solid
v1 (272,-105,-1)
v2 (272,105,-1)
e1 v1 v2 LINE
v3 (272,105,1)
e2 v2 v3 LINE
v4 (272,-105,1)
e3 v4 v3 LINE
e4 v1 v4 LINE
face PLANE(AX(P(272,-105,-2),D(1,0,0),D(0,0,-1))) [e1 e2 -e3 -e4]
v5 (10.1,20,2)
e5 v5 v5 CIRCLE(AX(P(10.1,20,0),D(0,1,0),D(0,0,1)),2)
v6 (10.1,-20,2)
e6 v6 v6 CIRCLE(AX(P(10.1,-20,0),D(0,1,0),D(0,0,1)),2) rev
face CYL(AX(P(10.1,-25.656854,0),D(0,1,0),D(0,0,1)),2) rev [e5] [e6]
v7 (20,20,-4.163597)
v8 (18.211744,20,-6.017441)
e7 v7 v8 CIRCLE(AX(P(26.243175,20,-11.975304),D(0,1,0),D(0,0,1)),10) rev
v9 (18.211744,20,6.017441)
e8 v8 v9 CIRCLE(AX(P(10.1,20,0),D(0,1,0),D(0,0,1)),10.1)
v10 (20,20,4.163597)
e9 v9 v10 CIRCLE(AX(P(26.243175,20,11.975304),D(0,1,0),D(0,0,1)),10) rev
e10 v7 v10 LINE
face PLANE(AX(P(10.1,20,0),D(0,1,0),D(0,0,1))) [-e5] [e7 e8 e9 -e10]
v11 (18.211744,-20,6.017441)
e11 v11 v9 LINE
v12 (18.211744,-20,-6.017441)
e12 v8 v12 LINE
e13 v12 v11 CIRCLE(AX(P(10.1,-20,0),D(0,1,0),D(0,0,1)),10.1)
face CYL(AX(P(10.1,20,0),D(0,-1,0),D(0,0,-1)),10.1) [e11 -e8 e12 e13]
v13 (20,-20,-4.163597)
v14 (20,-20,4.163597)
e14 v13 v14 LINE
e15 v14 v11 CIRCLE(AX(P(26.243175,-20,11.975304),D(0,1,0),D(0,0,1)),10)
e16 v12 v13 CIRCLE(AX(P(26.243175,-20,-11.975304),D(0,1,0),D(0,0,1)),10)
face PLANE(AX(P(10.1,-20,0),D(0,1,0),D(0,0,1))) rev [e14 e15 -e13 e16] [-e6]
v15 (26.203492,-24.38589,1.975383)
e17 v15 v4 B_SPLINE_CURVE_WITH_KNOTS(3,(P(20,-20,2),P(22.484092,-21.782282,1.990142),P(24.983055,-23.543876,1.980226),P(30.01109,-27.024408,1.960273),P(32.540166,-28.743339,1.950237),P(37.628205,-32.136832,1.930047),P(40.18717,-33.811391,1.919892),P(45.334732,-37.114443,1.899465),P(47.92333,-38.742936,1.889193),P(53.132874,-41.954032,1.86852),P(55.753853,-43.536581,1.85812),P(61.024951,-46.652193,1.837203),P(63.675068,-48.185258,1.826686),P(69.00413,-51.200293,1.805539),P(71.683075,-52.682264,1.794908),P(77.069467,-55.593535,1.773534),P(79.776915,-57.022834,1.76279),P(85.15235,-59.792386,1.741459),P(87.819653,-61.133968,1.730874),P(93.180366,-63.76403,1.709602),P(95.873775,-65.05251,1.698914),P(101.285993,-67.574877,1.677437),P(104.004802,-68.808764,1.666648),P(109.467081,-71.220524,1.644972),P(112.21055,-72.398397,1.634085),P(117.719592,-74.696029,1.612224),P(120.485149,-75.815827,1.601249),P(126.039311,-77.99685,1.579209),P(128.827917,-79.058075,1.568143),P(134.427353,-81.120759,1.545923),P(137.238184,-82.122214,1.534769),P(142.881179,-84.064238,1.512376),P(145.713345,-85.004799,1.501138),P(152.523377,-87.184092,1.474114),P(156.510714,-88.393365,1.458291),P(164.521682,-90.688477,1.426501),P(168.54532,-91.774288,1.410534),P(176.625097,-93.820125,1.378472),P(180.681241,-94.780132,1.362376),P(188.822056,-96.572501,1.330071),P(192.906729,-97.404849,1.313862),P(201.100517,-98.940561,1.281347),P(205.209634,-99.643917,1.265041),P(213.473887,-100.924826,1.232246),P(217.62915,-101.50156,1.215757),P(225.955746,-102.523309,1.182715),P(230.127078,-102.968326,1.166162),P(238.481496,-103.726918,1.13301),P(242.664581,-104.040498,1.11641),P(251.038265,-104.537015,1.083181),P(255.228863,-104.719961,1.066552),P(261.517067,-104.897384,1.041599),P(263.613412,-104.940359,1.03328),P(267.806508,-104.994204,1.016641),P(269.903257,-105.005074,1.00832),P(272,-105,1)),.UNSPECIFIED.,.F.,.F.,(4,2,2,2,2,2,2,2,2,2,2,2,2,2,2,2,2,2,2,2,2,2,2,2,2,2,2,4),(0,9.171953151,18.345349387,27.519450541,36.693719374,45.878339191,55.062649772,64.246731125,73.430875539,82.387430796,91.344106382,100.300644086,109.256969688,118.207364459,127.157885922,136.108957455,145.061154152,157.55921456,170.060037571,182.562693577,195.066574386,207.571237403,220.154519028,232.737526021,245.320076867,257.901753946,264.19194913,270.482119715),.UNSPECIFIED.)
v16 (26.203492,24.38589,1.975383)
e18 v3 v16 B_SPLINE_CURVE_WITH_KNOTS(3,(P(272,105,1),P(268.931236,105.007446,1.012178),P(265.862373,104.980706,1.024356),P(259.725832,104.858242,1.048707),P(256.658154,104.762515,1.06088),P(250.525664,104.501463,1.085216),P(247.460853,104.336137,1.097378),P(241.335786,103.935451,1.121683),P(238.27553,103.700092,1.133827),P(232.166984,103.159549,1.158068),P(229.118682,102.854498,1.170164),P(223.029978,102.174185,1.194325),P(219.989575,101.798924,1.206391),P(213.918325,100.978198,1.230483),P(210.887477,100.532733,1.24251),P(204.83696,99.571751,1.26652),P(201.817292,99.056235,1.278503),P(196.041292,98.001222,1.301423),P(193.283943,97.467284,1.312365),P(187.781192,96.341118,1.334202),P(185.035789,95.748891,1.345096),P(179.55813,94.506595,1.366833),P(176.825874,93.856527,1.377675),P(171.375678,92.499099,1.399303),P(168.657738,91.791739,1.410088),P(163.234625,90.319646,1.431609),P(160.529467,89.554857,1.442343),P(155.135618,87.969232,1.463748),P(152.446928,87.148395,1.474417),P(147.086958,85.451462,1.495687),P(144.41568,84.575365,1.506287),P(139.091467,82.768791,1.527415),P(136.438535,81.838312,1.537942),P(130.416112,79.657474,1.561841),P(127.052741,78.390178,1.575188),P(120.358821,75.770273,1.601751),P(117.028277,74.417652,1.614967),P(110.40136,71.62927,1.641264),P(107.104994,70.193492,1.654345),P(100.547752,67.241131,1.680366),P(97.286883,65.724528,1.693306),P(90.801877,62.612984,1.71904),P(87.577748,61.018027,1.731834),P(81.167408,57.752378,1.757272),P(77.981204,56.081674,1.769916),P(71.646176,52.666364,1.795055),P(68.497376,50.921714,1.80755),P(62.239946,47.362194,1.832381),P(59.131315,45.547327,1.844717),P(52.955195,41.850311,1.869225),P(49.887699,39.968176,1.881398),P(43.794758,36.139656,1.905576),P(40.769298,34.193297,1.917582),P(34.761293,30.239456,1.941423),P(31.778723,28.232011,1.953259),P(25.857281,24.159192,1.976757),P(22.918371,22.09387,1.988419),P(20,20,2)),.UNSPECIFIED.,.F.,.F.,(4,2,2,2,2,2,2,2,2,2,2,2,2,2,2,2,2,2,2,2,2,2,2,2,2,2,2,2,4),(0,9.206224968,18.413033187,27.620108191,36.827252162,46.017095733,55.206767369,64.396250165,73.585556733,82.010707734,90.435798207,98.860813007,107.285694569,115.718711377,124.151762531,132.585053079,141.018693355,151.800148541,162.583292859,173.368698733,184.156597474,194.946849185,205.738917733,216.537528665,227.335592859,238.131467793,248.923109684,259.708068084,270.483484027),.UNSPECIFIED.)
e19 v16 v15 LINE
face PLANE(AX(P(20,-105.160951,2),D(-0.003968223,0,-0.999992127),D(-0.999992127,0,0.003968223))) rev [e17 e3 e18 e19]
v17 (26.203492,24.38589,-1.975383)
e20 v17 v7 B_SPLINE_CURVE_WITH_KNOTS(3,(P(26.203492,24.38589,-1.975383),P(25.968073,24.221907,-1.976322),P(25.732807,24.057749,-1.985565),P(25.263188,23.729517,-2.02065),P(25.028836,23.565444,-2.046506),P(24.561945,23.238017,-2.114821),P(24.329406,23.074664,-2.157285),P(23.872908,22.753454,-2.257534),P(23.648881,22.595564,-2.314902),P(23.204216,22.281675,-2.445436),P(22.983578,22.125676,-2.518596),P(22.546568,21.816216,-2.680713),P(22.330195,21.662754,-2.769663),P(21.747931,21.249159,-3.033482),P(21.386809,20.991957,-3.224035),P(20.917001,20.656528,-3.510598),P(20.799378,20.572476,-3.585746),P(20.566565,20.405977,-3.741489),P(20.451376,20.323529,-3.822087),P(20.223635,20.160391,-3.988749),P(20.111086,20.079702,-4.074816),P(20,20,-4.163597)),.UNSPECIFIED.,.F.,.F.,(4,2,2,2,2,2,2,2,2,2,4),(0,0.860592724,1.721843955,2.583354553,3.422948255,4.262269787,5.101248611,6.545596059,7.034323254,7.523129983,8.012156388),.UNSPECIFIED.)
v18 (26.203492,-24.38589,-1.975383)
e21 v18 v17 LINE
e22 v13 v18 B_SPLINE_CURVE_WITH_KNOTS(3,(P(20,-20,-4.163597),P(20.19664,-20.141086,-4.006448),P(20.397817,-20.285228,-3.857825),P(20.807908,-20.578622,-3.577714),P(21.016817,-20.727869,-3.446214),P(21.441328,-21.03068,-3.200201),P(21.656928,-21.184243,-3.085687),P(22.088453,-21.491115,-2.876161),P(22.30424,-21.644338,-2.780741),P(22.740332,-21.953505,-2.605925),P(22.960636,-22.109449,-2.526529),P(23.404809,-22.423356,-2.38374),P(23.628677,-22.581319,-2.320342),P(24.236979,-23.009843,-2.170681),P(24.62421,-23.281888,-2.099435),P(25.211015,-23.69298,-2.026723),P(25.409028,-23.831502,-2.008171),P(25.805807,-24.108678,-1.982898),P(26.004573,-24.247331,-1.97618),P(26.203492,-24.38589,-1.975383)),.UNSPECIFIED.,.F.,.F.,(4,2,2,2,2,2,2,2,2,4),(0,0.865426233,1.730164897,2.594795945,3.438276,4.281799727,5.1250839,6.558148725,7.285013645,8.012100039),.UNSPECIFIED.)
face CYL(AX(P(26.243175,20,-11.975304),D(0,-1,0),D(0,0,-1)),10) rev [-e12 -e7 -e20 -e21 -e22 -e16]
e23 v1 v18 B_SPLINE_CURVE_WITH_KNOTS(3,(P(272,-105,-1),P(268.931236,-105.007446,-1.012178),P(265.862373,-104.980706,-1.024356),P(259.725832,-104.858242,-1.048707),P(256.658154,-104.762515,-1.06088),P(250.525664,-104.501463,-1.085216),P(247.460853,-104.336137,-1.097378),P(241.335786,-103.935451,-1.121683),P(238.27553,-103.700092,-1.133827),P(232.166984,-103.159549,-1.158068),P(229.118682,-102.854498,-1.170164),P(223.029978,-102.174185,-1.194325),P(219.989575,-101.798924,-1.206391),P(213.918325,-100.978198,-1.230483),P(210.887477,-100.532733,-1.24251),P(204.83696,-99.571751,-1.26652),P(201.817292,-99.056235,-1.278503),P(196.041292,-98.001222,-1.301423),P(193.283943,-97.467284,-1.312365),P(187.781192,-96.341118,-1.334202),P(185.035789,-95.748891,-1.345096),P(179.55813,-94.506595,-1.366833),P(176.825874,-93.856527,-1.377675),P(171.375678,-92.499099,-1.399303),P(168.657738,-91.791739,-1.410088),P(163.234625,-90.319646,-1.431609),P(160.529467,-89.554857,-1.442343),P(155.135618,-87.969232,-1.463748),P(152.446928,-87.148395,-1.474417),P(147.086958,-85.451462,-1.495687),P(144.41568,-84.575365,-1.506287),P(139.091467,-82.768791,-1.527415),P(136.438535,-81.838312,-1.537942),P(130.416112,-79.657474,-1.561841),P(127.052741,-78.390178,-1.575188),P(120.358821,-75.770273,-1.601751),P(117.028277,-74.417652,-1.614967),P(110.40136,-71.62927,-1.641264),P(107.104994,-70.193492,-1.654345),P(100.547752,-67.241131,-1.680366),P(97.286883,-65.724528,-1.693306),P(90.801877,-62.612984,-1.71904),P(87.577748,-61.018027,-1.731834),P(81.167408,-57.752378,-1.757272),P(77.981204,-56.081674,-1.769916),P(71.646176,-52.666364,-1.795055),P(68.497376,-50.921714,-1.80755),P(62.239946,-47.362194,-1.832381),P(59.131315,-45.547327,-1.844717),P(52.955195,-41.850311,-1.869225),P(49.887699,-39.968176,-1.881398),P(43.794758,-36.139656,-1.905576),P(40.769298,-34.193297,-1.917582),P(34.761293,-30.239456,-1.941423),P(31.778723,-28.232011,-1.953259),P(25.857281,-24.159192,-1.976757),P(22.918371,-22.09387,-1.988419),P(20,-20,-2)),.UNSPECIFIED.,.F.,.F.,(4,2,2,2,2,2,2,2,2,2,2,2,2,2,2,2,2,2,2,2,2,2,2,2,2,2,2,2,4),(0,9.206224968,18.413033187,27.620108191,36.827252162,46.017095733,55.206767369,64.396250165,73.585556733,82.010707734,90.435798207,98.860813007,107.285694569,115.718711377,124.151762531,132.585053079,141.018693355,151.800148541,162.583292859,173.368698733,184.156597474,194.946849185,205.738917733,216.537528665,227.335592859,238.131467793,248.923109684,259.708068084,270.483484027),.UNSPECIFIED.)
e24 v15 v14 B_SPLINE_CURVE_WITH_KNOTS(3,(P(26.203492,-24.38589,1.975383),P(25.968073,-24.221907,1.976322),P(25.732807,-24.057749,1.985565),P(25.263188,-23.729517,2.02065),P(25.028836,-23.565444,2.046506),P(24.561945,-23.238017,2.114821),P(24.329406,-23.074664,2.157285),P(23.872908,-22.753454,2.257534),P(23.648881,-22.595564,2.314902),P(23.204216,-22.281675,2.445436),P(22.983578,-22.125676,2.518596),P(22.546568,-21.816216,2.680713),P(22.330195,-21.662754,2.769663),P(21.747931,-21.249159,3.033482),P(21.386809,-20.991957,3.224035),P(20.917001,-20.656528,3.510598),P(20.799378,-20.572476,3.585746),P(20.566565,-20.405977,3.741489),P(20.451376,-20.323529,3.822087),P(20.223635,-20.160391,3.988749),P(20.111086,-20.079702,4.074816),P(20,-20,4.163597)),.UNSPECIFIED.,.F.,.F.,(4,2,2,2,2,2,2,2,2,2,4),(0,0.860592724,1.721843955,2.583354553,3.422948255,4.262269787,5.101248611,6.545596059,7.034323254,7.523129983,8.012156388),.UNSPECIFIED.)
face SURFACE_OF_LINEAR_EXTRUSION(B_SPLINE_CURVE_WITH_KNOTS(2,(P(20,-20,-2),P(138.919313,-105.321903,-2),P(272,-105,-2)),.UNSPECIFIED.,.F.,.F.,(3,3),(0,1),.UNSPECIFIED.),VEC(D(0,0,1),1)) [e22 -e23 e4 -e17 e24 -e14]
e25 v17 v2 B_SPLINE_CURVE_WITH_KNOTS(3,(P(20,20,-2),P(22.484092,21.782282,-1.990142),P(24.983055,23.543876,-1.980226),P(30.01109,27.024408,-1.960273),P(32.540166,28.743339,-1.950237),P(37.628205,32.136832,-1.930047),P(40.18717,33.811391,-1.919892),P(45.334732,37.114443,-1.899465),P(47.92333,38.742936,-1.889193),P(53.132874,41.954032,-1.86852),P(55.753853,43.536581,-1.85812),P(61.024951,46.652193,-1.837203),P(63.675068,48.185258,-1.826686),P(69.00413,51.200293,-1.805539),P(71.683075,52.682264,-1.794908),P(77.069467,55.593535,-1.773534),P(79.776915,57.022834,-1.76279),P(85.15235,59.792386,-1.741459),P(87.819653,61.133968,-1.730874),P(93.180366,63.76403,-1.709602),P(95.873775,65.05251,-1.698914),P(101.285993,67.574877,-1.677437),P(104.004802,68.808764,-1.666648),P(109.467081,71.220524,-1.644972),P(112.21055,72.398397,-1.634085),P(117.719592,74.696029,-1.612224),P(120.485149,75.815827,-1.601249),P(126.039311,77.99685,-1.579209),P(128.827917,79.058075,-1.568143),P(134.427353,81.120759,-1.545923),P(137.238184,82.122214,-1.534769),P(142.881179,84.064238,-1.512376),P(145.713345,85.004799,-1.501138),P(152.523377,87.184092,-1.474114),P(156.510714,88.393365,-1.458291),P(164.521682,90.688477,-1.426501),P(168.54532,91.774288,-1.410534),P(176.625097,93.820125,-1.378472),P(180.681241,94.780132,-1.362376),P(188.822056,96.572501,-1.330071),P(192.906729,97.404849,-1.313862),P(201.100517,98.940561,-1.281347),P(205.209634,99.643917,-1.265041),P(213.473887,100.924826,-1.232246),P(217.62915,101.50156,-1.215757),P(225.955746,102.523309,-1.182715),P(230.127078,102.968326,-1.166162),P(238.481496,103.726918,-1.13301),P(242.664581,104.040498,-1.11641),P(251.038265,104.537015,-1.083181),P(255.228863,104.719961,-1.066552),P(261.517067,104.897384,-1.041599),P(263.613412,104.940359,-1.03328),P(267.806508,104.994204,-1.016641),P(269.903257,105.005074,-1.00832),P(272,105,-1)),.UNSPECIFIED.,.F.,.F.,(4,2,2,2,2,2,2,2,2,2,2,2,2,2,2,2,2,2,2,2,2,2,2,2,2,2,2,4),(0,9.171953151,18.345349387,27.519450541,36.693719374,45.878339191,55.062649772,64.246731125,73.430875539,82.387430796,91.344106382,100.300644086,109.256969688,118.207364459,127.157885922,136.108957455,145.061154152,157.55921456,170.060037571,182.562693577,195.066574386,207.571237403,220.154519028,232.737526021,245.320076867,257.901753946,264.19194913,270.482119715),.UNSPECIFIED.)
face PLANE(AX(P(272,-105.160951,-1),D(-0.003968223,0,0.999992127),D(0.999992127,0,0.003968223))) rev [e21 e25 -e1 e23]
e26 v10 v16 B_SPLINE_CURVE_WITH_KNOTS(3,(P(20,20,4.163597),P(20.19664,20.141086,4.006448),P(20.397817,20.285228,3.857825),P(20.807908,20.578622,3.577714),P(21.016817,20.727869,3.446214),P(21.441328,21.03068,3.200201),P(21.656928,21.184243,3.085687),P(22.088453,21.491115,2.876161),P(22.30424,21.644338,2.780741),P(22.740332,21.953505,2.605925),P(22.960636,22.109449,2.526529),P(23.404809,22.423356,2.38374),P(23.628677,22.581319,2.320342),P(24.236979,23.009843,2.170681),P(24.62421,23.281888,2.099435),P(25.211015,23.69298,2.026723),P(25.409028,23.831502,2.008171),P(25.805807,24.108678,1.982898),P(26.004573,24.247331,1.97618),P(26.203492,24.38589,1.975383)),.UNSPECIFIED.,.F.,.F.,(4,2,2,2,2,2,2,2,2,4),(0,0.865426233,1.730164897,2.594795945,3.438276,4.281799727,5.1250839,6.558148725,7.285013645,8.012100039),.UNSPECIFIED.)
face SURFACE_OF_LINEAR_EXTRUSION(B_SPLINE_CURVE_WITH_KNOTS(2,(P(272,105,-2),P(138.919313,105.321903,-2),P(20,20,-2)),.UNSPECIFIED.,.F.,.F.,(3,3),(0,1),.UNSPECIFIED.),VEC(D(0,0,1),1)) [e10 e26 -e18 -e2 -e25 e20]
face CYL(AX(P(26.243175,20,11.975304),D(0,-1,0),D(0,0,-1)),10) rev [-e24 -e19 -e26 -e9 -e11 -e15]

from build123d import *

# Parameters (mm, degrees)
EXTRUDE_1_DEPTH          = 2
EXTRUDE_1_DEPTH_BACK     = 2
CUT_EXTRUDE_1_DEPTH      = 106.001210011
CUT_EXTRUDE_1_DEPTH_BACK = 106.001210011
EXTRUDE_2_DEPTH          = 20
EXTRUDE_2_DEPTH_BACK     = 20
FILLET_1_R               = 10
SKETCH_5_R               = 2
CUT_EXTRUDE_2_DEPTH      = 40


with BuildPart() as part:
    # Эскиз1 → Бобышка-Вытянуть1 (new body, two sides)
    with BuildSketch(Plane.XY) as extrude_1_sk:
        with BuildLine():
            Line((272, -105), (272, 105))
            add(Edge.make_bspline(
                [(20, 20), (138.91931348, 105.321902733), (272, 105)],
                knots=[0, 0, 0, 1, 1, 1], degree=2))
            Line((20, 20), (20, -20))
            add(Edge.make_bspline(
                [(20, -20), (138.91931348, -105.321902733), (272, -105)],
                knots=[0, 0, 0, 1, 1, 1], degree=2))
        make_face()
    extrude(amount=EXTRUDE_1_DEPTH)
    extrude(extrude_1_sk.sketch, amount=-EXTRUDE_1_DEPTH_BACK)

    # Эскиз2 → Вырез-Вытянуть1 (cut, two sides)
    with BuildSketch(Plane(origin=(0, 0, 0), x_dir=(1, 0, 0), z_dir=(0, 1, 0))) as cut_extrude_1_sk:
        Polygon((20, -2), (272, -1), (272, -2), align=None)
        Polygon((272, 1), (20, 2), (272, 2), align=None)
    extrude(amount=CUT_EXTRUDE_1_DEPTH, mode=Mode.SUBTRACT)
    extrude(cut_extrude_1_sk.sketch, amount=-CUT_EXTRUDE_1_DEPTH_BACK, mode=Mode.SUBTRACT)

    # Эскиз4 → Бобышка-Вытянуть2 (add, two sides)
    with BuildSketch(Plane(origin=(0, 0, 0), x_dir=(1, 0, 0), z_dir=(0, 1, 0))) as extrude_2_sk:
        with BuildLine():
            Line((20, 2), (20, -2))
            ThreePointArc((20, -2), (0, 0), (20, 2))
        make_face()
    extrude(amount=EXTRUDE_2_DEPTH)
    extrude(extrude_2_sk.sketch, amount=-EXTRUDE_2_DEPTH_BACK)

    # Скругление1
    fillet_1_edges = [part.edges().sort_by_distance(p)[0] for p in [
        (20, 0, -2),
        (20, 0, 2),
    ]]
    fillet(fillet_1_edges, radius=FILLET_1_R)

    # Эскиз5 → Вырез-Вытянуть2 (cut)
    with BuildSketch(Plane(origin=(0, 20, 0), x_dir=(1, 0, 0), z_dir=(0, 1, 0))):
        with Locations((10.1, 0)):
            Circle(SKETCH_5_R)
    extrude(amount=-CUT_EXTRUDE_2_DEPTH, mode=Mode.SUBTRACT)


solid = part.part
